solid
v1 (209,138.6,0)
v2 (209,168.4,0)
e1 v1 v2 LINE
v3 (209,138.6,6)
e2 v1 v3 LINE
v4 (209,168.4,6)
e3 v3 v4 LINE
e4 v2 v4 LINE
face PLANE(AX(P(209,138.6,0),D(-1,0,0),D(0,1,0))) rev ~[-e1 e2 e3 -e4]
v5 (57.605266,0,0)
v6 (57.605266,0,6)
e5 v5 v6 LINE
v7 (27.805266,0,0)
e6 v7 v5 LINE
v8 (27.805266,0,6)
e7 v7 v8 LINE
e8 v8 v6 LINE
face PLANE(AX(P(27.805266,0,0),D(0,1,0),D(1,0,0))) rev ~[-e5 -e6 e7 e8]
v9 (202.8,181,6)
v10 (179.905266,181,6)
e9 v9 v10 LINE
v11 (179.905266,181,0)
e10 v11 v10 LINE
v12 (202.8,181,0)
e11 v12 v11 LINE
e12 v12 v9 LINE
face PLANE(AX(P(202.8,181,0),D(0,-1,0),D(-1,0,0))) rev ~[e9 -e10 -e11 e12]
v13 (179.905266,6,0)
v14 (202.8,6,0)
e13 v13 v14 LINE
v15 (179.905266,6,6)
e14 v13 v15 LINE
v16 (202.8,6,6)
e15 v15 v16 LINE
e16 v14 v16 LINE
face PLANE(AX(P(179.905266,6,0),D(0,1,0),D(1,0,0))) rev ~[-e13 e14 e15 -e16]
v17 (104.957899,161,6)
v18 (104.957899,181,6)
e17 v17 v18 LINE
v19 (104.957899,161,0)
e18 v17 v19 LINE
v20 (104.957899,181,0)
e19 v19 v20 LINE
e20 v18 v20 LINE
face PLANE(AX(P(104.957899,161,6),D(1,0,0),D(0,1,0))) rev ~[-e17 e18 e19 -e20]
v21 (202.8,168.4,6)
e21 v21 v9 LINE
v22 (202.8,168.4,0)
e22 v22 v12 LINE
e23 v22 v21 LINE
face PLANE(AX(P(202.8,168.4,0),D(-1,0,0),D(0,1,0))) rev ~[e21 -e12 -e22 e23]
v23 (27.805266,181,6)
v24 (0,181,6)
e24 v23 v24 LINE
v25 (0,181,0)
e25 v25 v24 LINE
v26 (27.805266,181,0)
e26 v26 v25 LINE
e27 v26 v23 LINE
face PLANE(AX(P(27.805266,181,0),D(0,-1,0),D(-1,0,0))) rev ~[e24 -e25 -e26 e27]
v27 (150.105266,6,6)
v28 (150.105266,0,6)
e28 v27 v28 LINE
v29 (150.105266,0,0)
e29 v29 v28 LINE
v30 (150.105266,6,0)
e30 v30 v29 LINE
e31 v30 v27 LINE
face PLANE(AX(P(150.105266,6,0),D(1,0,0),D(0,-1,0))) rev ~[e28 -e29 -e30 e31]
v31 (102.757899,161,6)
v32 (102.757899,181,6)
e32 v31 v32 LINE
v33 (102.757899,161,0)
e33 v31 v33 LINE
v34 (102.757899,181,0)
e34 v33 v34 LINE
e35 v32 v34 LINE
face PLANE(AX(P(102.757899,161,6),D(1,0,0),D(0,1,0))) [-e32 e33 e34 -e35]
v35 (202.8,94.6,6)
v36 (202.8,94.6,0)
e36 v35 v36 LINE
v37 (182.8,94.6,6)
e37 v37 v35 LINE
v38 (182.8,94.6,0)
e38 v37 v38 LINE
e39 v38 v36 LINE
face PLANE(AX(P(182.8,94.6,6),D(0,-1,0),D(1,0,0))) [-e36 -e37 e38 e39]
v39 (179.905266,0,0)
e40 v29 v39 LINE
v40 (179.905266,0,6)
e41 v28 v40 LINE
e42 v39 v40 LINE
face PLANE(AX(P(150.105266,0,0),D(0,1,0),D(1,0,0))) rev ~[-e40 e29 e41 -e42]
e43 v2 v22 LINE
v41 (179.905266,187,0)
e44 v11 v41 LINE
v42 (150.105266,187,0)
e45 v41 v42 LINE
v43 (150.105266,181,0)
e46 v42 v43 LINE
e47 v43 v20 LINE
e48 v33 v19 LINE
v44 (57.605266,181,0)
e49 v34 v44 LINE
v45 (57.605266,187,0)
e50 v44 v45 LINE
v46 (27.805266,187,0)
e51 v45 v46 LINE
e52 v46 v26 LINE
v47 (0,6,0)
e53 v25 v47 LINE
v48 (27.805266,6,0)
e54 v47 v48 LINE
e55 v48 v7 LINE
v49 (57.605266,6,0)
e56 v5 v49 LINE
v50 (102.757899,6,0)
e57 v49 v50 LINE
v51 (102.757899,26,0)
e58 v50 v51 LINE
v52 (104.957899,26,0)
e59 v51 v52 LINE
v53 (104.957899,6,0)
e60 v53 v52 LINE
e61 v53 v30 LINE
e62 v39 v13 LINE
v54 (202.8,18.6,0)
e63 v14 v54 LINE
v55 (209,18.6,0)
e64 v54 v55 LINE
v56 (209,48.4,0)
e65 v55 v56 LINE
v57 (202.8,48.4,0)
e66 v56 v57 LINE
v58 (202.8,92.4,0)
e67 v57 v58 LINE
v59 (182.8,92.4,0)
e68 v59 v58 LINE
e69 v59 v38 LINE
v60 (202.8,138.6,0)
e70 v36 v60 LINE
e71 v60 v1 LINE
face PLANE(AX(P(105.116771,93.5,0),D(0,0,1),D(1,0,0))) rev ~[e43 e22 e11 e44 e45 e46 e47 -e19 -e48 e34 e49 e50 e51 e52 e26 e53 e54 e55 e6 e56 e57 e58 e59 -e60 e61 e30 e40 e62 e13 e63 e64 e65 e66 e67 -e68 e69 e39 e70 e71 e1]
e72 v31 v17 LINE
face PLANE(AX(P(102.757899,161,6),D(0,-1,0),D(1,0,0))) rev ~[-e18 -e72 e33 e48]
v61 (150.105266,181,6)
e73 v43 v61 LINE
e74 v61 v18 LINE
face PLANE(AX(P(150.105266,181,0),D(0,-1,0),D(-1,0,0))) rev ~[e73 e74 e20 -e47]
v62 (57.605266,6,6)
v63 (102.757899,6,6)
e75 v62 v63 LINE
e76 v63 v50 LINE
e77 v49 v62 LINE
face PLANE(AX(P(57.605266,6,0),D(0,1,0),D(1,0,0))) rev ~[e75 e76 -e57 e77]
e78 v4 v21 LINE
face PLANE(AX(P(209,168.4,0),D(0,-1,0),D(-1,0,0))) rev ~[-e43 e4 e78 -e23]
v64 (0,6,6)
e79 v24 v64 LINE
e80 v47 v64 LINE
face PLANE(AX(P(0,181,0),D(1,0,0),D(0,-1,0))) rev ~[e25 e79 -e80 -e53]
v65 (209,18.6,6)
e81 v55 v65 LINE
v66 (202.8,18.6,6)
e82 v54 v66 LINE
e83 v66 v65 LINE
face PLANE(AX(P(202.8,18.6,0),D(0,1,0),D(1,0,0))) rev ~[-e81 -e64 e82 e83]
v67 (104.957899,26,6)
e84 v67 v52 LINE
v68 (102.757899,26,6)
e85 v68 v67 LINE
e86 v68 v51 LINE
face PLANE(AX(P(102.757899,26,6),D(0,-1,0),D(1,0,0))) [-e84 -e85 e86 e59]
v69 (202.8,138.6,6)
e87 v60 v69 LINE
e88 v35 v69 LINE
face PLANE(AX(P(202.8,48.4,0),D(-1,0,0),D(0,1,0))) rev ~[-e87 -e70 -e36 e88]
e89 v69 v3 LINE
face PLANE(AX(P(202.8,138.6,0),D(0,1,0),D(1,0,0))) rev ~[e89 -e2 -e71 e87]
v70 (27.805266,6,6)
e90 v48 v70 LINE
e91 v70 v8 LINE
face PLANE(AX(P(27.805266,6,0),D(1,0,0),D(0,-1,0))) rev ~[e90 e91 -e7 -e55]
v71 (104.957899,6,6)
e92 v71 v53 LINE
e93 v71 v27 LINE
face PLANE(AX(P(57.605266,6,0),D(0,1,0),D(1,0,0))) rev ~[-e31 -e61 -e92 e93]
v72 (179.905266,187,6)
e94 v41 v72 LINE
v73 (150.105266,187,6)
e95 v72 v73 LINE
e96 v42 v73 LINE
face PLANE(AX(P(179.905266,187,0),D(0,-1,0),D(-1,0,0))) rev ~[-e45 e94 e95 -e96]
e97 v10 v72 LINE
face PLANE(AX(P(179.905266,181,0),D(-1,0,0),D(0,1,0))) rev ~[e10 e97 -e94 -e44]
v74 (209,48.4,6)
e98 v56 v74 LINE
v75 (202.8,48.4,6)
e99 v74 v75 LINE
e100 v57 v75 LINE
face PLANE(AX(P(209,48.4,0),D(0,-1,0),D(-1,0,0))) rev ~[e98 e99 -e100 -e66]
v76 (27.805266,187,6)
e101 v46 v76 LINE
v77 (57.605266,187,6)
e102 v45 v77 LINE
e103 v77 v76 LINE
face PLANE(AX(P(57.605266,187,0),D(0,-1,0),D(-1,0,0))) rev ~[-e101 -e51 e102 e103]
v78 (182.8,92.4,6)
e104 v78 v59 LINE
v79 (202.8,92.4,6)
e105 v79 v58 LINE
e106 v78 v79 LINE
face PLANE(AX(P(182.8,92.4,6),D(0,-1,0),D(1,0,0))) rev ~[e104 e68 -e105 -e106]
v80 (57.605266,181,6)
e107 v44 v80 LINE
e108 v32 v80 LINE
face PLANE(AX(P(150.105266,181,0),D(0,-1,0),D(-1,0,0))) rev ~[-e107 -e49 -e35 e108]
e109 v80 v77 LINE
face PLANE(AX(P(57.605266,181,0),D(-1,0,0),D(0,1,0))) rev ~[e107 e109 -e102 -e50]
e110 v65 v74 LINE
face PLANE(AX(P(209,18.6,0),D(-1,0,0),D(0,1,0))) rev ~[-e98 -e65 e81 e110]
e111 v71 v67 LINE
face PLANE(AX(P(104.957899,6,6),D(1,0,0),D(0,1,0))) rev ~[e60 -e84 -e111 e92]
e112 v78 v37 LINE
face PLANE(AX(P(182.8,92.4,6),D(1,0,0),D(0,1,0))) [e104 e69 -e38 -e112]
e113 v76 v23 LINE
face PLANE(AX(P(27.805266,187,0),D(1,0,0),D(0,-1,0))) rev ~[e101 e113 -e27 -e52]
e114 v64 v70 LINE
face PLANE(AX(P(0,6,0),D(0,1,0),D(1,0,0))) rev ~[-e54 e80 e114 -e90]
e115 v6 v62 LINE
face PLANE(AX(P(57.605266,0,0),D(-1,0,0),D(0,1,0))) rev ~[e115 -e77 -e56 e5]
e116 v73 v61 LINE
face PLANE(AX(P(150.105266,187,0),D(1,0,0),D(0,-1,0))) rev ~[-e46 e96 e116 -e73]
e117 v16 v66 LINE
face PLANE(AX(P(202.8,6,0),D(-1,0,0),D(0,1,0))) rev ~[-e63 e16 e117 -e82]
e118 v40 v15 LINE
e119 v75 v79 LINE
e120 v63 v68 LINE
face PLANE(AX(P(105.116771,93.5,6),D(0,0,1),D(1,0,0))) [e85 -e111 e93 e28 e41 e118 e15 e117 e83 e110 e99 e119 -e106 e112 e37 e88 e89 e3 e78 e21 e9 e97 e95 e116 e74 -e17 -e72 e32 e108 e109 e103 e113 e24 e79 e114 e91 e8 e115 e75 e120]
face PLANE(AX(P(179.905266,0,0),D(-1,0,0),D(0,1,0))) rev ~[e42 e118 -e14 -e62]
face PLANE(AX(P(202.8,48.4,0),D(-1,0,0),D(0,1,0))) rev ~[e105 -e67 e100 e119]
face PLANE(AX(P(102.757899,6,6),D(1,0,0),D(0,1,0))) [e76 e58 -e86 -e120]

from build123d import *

# Parameters (mm, degrees)
RESSALTO_EXTRUS_O1_DEPTH = 6
ESBO_O2_W                = 2.2
ESBO_O2_H                = 20
ESBO_O2_W_2              = 20
ESBO_O2_H_2              = 2.2
CORTE_EXTRUS_O1_DEPTH    = 6


with BuildPart() as part:
    # Esboço1 → Ressalto-extrusão1 (new body)
    with BuildSketch(Plane.XY):
        Polygon((150.105265805, 0), (179.905265805, 0), (179.905265805, 6), (202.8, 6), (202.8, 18.6), (209, 18.6), (209, 48.4), (202.8, 48.4), (202.8, 138.6), (209, 138.6), (209, 168.4), (202.8, 168.4), (202.8, 181), (179.905265805, 181), (179.905265805, 187), (150.105265805, 187), (150.105265805, 181), (57.605265805, 181), (57.605265805, 187), (27.805265805, 187), (27.805265805, 181), (0, 181), (0, 6), (27.805265805, 6), (27.805265805, 0), (57.605265805, 0), (57.605265805, 6), (150.105265805, 6), align=None)
    extrude(amount=RESSALTO_EXTRUS_O1_DEPTH)

    # Esboço2 → Corte-extrusão1 (cut)
    with BuildSketch(Plane.XY.offset(6)):
        with Locations((103.857898708, 171)):
            Rectangle(ESBO_O2_W, ESBO_O2_H)
        with Locations((192.8, 93.5)):
            Rectangle(ESBO_O2_W_2, ESBO_O2_H_2)
        with Locations((103.857898708, 16)):
            Rectangle(ESBO_O2_W, ESBO_O2_H)
    extrude(amount=-CORTE_EXTRUS_O1_DEPTH, mode=Mode.SUBTRACT)


solid = part.part
